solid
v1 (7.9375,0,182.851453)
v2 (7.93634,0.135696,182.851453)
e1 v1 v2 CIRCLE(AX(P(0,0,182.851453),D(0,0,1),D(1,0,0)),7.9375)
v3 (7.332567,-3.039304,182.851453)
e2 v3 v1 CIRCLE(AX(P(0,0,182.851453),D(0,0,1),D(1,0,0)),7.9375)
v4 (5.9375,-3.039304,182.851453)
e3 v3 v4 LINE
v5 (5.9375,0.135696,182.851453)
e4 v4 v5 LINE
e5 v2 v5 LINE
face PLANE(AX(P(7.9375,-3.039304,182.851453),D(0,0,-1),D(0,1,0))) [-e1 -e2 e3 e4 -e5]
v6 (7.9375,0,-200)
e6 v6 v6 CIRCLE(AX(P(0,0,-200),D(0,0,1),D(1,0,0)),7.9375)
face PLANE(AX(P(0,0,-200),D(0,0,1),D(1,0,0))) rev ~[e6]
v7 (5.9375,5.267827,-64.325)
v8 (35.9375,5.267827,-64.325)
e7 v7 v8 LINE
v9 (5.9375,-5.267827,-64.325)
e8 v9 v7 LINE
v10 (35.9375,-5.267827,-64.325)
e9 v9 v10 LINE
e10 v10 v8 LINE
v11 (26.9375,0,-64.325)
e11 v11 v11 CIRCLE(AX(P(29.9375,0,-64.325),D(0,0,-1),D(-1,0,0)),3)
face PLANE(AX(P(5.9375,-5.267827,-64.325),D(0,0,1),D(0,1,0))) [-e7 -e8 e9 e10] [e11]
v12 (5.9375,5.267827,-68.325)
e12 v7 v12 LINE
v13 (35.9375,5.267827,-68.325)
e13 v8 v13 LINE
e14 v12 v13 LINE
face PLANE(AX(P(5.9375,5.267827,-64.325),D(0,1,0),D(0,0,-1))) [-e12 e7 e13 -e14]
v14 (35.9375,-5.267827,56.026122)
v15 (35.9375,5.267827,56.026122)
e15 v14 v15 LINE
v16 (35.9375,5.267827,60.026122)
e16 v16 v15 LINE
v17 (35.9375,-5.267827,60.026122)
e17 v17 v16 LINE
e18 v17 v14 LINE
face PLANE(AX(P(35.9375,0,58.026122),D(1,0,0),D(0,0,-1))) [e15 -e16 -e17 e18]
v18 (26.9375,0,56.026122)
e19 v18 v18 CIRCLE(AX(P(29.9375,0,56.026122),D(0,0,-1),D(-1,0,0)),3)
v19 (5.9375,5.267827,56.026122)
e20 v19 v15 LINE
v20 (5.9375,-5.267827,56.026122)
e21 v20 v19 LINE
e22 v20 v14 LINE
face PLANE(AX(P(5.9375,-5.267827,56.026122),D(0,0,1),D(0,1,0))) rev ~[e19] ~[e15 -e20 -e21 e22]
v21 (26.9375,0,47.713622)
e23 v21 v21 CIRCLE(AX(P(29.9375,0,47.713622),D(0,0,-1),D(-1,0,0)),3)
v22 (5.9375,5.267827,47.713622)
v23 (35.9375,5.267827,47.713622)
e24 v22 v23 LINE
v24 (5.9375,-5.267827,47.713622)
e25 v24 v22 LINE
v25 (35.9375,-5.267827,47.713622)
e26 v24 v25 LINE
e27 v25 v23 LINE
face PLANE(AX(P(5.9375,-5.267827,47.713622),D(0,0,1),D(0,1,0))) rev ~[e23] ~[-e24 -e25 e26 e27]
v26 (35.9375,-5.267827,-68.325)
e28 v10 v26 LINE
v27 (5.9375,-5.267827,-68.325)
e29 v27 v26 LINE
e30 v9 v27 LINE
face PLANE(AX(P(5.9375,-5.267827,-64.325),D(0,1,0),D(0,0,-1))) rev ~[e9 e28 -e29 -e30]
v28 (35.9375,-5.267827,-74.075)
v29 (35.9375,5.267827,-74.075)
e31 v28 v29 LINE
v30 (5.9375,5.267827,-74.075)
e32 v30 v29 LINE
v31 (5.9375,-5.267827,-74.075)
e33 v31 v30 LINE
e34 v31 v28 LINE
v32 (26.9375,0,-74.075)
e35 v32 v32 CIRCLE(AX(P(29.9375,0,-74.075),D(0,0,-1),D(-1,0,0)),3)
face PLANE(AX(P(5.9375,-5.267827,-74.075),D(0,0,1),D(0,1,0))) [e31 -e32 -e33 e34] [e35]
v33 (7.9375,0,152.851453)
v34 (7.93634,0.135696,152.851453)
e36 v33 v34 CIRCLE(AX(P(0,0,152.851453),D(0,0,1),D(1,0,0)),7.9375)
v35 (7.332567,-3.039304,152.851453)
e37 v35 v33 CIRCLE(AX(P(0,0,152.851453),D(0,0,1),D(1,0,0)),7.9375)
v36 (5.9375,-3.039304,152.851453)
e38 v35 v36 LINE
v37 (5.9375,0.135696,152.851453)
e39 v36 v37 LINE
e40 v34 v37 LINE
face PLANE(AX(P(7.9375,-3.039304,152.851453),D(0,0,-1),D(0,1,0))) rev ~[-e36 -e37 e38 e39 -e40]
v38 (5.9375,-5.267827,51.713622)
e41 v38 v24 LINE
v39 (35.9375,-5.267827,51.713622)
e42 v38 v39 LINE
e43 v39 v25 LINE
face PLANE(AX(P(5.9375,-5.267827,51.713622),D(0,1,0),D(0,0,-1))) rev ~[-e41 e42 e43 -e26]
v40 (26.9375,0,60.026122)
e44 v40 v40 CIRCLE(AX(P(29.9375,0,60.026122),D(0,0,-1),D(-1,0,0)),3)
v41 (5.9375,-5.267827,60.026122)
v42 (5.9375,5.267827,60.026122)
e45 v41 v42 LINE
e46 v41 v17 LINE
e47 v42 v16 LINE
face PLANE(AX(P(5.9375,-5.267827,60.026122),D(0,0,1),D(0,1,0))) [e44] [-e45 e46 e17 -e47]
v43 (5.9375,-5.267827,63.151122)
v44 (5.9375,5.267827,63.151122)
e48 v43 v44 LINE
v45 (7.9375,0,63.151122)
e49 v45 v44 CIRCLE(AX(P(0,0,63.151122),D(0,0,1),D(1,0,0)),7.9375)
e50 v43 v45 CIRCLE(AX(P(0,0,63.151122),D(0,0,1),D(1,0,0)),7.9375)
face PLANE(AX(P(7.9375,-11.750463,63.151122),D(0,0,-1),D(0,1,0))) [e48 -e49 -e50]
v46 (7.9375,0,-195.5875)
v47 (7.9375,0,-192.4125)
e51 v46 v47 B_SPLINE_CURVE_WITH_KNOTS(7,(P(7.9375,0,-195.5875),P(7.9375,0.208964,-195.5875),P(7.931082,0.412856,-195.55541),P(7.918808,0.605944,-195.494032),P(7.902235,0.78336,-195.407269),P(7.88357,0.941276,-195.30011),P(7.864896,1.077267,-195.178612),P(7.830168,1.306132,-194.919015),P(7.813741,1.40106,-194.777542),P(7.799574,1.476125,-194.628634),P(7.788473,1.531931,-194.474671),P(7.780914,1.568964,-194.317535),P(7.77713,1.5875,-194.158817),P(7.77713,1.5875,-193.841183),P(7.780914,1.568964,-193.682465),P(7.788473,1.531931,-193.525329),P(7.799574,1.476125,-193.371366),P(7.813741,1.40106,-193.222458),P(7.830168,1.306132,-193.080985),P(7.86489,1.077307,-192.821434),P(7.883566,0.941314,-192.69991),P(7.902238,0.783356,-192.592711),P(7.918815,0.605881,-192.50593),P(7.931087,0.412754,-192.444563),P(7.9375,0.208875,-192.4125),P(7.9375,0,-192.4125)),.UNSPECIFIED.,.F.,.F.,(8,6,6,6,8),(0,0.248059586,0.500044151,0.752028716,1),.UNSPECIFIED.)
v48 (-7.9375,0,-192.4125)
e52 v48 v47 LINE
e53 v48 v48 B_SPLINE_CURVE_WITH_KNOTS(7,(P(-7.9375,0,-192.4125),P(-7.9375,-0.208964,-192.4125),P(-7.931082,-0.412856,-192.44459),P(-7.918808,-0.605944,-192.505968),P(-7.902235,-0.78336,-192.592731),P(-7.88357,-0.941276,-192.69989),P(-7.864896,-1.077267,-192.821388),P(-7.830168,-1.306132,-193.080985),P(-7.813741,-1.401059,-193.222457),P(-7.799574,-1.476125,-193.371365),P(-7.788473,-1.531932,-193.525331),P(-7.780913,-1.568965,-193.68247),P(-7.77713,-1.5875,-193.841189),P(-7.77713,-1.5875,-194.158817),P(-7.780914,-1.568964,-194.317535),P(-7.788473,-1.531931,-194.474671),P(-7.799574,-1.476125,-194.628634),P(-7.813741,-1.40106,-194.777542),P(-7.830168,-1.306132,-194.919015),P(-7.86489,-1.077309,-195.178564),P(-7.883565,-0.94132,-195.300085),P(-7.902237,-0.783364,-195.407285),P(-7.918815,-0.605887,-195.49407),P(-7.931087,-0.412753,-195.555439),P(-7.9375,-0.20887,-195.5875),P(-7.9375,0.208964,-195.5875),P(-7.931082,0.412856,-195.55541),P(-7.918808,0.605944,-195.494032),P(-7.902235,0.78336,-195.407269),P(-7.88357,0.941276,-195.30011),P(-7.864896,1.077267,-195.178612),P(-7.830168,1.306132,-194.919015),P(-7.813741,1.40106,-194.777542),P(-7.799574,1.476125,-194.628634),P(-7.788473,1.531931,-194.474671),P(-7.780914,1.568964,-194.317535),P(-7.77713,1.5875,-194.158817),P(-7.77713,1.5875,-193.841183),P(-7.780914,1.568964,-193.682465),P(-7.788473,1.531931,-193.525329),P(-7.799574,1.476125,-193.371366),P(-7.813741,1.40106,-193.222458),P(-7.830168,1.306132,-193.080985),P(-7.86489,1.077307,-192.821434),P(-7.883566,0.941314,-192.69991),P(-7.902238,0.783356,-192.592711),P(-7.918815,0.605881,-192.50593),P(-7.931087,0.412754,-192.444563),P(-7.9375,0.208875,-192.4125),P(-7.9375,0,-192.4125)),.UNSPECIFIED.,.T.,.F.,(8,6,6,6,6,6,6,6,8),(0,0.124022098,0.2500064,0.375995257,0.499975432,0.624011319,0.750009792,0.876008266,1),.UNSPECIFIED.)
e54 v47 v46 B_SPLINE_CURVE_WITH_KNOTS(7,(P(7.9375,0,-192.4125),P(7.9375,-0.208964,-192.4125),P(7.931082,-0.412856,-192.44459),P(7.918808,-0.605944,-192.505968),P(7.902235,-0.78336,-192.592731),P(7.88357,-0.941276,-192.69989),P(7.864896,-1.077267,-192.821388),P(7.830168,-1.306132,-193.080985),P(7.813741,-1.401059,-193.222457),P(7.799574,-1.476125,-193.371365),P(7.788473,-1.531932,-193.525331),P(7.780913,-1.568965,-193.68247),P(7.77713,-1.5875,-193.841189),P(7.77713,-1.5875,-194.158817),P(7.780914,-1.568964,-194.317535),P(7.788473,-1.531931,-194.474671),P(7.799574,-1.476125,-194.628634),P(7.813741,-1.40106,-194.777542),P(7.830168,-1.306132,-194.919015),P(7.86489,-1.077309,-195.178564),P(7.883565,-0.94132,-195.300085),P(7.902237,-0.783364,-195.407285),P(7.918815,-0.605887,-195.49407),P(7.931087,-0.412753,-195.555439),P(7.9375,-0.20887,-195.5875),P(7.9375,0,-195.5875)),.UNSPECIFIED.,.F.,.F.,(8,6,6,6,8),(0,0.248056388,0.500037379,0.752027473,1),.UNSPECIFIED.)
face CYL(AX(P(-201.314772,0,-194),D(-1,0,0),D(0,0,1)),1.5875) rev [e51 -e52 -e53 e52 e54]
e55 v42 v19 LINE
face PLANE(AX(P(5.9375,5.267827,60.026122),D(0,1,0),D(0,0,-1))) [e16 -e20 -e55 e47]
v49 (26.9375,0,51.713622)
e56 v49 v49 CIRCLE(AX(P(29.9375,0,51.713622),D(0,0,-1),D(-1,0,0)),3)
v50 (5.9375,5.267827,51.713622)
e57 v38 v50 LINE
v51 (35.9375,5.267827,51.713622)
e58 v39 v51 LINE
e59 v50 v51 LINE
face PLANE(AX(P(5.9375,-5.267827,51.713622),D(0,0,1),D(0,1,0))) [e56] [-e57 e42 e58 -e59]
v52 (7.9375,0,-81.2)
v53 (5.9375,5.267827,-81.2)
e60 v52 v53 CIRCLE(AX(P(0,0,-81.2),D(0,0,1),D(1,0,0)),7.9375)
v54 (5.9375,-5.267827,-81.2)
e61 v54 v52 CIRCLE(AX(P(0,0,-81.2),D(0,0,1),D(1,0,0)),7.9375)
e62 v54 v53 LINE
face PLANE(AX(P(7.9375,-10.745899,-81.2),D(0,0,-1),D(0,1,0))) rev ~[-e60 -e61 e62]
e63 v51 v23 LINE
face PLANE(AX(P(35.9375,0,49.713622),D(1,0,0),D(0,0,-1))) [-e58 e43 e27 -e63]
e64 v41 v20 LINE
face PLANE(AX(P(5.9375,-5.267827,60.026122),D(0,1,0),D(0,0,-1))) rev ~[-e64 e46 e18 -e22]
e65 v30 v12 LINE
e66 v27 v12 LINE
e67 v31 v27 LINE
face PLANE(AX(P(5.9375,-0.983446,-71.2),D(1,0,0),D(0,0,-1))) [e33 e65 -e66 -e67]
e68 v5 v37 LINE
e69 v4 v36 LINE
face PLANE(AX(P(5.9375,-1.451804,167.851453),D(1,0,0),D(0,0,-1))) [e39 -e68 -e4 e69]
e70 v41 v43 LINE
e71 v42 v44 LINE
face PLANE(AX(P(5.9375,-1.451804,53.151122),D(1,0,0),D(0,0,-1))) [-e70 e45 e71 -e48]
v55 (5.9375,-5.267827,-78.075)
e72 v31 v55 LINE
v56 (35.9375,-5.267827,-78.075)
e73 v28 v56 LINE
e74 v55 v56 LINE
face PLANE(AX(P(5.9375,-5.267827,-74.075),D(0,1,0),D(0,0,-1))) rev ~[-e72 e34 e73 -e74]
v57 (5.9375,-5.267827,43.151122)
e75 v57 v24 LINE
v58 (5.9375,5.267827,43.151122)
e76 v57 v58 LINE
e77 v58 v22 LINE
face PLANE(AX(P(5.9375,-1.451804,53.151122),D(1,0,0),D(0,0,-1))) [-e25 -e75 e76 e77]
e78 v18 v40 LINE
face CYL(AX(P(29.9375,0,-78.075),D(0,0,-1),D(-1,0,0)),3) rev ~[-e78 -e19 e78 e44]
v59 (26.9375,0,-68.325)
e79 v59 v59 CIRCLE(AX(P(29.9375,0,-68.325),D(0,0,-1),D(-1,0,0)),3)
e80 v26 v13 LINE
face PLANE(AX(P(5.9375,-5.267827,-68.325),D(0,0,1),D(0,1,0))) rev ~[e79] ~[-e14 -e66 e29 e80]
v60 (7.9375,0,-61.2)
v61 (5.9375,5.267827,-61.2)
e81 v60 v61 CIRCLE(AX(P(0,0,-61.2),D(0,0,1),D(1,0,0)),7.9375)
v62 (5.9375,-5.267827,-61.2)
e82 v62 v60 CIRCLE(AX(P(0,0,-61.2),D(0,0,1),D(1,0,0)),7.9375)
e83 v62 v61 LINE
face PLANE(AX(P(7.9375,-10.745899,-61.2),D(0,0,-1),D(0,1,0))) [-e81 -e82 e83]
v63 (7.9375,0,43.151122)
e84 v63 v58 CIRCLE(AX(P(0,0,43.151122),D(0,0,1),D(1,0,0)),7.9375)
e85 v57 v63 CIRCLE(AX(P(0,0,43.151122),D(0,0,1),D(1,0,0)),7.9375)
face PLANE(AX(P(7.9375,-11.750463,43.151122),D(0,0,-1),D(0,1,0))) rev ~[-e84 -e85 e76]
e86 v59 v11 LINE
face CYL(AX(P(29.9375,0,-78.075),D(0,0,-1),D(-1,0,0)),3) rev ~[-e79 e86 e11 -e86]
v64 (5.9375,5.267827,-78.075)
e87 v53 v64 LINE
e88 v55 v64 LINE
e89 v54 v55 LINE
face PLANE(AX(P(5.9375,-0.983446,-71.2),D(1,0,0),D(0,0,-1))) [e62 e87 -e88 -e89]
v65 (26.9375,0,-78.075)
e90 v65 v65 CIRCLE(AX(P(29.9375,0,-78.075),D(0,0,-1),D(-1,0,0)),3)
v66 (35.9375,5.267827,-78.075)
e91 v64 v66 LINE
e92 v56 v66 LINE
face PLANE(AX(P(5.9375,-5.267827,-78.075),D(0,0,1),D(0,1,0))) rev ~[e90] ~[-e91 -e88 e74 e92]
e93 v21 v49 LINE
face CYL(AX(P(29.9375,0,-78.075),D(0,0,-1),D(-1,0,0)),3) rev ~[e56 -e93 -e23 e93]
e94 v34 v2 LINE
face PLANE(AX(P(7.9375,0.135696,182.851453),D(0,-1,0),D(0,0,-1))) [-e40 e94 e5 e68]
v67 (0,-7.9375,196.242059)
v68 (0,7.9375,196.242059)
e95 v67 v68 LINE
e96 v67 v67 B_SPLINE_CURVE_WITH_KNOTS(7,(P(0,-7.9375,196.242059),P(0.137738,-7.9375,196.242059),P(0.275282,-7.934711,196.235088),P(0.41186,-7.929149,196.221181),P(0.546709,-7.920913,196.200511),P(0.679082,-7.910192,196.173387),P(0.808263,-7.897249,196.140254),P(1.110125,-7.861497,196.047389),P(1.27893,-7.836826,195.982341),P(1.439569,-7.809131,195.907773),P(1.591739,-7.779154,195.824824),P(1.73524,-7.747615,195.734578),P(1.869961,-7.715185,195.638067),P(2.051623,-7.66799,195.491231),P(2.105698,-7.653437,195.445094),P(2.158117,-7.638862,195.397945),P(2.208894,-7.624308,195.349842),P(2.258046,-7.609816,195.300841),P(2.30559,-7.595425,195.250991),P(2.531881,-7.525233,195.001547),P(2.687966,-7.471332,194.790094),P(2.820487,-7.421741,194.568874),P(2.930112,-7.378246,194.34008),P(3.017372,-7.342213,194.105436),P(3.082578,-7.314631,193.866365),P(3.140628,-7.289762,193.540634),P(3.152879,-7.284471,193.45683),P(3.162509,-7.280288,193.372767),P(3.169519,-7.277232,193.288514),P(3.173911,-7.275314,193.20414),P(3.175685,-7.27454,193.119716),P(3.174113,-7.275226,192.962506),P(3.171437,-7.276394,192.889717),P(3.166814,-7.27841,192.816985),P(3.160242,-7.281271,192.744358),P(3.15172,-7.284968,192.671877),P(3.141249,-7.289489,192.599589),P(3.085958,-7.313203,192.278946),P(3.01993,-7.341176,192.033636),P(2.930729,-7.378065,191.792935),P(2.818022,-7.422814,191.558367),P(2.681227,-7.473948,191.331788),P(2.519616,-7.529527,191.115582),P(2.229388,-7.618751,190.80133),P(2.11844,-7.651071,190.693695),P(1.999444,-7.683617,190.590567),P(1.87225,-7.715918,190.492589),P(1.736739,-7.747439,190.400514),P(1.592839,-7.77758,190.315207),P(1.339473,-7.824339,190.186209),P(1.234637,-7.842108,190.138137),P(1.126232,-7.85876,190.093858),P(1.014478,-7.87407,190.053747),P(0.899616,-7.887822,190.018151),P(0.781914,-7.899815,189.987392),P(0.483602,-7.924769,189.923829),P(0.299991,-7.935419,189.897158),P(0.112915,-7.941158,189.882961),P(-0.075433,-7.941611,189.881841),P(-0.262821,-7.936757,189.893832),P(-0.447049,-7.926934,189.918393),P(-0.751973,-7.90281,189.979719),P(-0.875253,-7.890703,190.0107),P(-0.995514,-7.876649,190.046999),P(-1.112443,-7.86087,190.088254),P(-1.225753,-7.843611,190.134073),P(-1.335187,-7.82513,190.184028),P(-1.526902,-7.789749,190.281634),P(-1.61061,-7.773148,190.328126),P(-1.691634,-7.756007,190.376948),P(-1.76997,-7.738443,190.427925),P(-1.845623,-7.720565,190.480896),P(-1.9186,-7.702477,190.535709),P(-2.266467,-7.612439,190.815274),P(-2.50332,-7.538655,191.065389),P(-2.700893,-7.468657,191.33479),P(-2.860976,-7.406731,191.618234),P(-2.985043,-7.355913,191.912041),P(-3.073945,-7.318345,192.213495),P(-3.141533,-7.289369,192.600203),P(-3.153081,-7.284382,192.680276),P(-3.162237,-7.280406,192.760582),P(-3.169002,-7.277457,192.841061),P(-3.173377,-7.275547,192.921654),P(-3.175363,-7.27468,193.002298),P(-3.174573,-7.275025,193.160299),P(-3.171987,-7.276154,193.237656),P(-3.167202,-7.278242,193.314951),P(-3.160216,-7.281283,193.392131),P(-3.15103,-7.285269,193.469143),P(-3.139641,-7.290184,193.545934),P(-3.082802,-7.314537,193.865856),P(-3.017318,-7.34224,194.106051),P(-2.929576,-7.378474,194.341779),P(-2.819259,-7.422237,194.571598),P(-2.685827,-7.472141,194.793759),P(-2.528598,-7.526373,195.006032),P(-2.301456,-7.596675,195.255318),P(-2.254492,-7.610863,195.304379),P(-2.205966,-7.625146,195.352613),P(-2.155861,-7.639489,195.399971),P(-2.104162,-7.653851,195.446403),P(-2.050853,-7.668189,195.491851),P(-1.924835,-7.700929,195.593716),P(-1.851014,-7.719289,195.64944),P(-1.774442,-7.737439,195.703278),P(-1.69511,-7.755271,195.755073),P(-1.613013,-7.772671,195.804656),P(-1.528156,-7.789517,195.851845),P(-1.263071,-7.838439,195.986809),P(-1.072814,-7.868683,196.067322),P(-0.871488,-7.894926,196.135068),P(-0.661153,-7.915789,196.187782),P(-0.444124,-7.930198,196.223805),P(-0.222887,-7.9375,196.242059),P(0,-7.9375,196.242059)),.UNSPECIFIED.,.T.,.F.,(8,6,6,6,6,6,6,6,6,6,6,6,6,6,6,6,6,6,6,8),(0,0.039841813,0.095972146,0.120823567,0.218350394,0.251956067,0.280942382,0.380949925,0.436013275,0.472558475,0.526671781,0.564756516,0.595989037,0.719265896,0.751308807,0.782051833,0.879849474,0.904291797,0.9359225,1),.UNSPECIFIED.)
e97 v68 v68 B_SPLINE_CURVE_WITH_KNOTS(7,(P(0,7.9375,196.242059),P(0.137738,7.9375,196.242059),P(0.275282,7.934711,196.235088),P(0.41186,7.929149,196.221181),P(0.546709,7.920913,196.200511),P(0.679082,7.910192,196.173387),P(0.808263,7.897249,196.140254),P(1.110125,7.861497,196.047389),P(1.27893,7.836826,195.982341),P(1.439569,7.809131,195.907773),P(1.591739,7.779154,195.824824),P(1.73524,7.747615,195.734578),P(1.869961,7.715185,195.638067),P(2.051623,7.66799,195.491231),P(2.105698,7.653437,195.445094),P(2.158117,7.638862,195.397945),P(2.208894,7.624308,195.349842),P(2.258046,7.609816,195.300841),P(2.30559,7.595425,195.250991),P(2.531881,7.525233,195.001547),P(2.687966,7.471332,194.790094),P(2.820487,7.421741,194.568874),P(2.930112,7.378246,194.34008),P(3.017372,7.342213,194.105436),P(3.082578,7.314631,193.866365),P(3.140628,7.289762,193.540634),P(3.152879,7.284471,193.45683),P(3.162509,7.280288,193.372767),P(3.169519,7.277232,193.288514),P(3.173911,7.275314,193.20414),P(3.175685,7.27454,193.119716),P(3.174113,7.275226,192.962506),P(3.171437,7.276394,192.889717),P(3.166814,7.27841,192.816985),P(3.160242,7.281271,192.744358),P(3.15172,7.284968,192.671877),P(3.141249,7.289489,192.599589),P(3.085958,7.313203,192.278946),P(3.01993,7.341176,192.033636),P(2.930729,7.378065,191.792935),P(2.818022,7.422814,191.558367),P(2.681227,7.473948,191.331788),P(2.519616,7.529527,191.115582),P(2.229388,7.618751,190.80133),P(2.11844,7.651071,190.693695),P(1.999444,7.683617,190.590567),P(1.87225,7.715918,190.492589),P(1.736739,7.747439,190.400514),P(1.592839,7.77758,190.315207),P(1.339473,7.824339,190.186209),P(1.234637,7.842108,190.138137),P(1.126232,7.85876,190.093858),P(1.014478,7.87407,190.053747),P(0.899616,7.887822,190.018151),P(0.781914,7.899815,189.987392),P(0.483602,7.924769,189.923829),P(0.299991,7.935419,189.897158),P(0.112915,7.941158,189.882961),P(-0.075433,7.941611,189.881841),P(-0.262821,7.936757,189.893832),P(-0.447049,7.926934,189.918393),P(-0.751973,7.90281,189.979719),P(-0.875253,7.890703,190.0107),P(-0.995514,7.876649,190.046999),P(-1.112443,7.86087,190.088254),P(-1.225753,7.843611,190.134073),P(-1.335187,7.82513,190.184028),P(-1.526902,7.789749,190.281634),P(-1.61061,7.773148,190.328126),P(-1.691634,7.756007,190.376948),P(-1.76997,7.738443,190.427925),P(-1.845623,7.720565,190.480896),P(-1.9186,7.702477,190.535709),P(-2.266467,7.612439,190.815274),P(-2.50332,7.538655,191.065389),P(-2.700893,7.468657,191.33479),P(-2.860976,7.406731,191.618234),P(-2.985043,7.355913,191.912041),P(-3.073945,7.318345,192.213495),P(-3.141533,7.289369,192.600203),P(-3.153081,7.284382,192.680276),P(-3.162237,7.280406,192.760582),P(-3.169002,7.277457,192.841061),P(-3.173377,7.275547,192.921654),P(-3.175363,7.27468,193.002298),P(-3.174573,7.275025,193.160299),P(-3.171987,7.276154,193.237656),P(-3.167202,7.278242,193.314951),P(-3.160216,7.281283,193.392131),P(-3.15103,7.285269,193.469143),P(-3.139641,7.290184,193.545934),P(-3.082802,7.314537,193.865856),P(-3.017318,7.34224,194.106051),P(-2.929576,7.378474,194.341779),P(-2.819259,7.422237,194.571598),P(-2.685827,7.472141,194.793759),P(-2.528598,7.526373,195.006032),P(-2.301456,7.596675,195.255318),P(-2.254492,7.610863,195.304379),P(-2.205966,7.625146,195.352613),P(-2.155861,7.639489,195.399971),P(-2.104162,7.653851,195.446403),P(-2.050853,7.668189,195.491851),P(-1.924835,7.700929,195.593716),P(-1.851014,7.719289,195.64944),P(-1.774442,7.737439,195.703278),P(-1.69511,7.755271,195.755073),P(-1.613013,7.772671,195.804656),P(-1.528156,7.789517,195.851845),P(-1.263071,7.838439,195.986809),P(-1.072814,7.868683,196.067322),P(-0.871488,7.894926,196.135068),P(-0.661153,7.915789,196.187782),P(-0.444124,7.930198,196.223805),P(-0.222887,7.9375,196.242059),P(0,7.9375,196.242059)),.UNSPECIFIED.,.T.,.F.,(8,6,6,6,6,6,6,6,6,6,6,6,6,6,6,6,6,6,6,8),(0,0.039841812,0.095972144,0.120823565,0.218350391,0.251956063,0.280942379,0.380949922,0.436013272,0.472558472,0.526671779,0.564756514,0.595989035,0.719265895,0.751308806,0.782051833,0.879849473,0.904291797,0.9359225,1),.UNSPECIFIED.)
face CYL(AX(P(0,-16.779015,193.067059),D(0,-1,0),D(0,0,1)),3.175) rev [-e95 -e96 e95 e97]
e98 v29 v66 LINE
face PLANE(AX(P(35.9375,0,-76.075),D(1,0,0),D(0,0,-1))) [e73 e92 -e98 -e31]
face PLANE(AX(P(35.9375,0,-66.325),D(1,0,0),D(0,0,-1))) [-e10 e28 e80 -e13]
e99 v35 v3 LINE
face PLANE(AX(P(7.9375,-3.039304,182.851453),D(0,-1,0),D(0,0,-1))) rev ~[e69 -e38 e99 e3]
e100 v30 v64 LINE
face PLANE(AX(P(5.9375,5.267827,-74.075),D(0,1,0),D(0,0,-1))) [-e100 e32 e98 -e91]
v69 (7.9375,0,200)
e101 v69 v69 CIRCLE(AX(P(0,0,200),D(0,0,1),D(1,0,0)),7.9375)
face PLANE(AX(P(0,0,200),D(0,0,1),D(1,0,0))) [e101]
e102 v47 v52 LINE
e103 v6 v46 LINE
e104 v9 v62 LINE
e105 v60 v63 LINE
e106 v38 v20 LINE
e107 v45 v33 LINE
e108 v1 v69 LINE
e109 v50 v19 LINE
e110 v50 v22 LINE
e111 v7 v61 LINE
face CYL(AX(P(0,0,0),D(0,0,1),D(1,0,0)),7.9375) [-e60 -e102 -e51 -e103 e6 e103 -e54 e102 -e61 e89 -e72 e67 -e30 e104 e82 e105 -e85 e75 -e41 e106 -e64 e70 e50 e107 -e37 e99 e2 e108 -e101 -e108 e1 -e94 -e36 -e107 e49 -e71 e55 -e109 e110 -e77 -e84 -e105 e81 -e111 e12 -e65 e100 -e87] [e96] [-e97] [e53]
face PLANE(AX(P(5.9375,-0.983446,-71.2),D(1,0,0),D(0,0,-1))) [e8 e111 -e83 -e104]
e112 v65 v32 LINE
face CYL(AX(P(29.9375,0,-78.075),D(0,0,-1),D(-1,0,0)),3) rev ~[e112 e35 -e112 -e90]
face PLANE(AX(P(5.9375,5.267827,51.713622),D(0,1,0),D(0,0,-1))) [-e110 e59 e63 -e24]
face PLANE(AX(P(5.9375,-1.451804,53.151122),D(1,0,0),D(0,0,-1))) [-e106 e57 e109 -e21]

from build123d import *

# Parameters (mm, degrees)
CROQUIS1_R                 = 7.9375
SALIENTE_EXTRUIR1_DEPTH    = 200
CORTAR_EXTRUIR1_DEPTH      = 16.565810413
CORTAR_EXTRUIR1_DEPTH_BACK = 201.314771828
CROQUIS2_R                 = 1.5875
CORTAR_EXTRUIR2_DEPTH      = 201.314771936
CORTAR_EXTRUIR2_DEPTH_BACK = 16.77901512
CROQUIS3_R                 = 3.175
CROQUIS4_W                 = 20
CROQUIS4_H                 = 19.524905572
CROQUIS4_H_2               = 20.597317053
CROQUIS4_W_2               = 30
CROQUIS4_H_3               = 3.175
CORTAR_EXTRUIR3_DEPTH      = 2
CROQUIS5_W                 = 4
CROQUIS5_H                 = 10.535653752
SALIENTE_EXTRUIR2_DEPTH    = 30
CROQUIS6_R                 = 3
CORTAR_EXTRUIR4_DEPTH      = 232


with BuildPart() as part:
    # Croquis1 → Saliente-Extruir1 (new, symmetric)
    with BuildSketch(Plane.XY):
        Circle(CROQUIS1_R)
    extrude(amount=SALIENTE_EXTRUIR1_DEPTH, both=True)

    # Croquis2 → Cortar-Extruir1 (cut, two sides: drawn at the far end of the back side and taken through both)
    with BuildSketch(Plane(origin=(0, 0, 0), x_dir=(0, 0, -1), z_dir=(1, 0, 0)).offset(-CORTAR_EXTRUIR1_DEPTH_BACK)):
        with Locations((194, 0)):
            Circle(CROQUIS2_R)
    extrude(amount=CORTAR_EXTRUIR1_DEPTH + CORTAR_EXTRUIR1_DEPTH_BACK, mode=Mode.SUBTRACT)

    # Croquis3 → Cortar-Extruir2 (cut, two sides: drawn at the far end of the back side and taken through both)
    with BuildSketch(Plane(origin=(0, 0, 0), x_dir=(1, 0, 0), z_dir=(0, 1, 0)).offset(-CORTAR_EXTRUIR2_DEPTH_BACK)):
        with Locations((0, -193.067059354)):
            Circle(CROQUIS3_R)
    extrude(amount=CORTAR_EXTRUIR2_DEPTH + CORTAR_EXTRUIR2_DEPTH_BACK, mode=Mode.SUBTRACT)

    # Croquis4 → Cortar-Extruir3 (cut)
    with BuildSketch(Plane(origin=(7.9375, 0, 0), x_dir=(0, 0, -1), z_dir=(1, 0, 0))):
        with Locations((71.2, -0.983446493)):
            Rectangle(CROQUIS4_W, CROQUIS4_H)
        with Locations((-53.151122479, -1.451804467)):
            Rectangle(CROQUIS4_W, CROQUIS4_H_2)
        with Locations((-167.851453134, -1.451804466)):
            Rectangle(CROQUIS4_W_2, CROQUIS4_H_3)
    extrude(amount=-CORTAR_EXTRUIR3_DEPTH, mode=Mode.SUBTRACT)

    # Croquis5 → Saliente-Extruir2 (add)
    with BuildSketch(Plane(origin=(5.9375, 0, 0), x_dir=(0, 0, -1), z_dir=(1, 0, 0))):
        with Locations((66.325, 0)):
            Rectangle(CROQUIS5_W, CROQUIS5_H)
        with Locations((76.075, 0)):
            Rectangle(CROQUIS5_W, CROQUIS5_H)
        with Locations((-49.713622479, 0)):
            Rectangle(CROQUIS5_W, CROQUIS5_H)
        with Locations((-58.026122479, 0)):
            Rectangle(CROQUIS5_W, CROQUIS5_H)
    extrude(amount=SALIENTE_EXTRUIR2_DEPTH)

    # Croquis6 → Cortar-Extruir4 (cut)
    with BuildSketch(Plane(origin=(0, 0, -78.075), x_dir=(-1, 0, 0), z_dir=(0, 0, -1))):
        with Locations((-29.9375, 0)):
            Circle(CROQUIS6_R)
    extrude(amount=-CORTAR_EXTRUIR4_DEPTH, mode=Mode.SUBTRACT)


solid = part.part
